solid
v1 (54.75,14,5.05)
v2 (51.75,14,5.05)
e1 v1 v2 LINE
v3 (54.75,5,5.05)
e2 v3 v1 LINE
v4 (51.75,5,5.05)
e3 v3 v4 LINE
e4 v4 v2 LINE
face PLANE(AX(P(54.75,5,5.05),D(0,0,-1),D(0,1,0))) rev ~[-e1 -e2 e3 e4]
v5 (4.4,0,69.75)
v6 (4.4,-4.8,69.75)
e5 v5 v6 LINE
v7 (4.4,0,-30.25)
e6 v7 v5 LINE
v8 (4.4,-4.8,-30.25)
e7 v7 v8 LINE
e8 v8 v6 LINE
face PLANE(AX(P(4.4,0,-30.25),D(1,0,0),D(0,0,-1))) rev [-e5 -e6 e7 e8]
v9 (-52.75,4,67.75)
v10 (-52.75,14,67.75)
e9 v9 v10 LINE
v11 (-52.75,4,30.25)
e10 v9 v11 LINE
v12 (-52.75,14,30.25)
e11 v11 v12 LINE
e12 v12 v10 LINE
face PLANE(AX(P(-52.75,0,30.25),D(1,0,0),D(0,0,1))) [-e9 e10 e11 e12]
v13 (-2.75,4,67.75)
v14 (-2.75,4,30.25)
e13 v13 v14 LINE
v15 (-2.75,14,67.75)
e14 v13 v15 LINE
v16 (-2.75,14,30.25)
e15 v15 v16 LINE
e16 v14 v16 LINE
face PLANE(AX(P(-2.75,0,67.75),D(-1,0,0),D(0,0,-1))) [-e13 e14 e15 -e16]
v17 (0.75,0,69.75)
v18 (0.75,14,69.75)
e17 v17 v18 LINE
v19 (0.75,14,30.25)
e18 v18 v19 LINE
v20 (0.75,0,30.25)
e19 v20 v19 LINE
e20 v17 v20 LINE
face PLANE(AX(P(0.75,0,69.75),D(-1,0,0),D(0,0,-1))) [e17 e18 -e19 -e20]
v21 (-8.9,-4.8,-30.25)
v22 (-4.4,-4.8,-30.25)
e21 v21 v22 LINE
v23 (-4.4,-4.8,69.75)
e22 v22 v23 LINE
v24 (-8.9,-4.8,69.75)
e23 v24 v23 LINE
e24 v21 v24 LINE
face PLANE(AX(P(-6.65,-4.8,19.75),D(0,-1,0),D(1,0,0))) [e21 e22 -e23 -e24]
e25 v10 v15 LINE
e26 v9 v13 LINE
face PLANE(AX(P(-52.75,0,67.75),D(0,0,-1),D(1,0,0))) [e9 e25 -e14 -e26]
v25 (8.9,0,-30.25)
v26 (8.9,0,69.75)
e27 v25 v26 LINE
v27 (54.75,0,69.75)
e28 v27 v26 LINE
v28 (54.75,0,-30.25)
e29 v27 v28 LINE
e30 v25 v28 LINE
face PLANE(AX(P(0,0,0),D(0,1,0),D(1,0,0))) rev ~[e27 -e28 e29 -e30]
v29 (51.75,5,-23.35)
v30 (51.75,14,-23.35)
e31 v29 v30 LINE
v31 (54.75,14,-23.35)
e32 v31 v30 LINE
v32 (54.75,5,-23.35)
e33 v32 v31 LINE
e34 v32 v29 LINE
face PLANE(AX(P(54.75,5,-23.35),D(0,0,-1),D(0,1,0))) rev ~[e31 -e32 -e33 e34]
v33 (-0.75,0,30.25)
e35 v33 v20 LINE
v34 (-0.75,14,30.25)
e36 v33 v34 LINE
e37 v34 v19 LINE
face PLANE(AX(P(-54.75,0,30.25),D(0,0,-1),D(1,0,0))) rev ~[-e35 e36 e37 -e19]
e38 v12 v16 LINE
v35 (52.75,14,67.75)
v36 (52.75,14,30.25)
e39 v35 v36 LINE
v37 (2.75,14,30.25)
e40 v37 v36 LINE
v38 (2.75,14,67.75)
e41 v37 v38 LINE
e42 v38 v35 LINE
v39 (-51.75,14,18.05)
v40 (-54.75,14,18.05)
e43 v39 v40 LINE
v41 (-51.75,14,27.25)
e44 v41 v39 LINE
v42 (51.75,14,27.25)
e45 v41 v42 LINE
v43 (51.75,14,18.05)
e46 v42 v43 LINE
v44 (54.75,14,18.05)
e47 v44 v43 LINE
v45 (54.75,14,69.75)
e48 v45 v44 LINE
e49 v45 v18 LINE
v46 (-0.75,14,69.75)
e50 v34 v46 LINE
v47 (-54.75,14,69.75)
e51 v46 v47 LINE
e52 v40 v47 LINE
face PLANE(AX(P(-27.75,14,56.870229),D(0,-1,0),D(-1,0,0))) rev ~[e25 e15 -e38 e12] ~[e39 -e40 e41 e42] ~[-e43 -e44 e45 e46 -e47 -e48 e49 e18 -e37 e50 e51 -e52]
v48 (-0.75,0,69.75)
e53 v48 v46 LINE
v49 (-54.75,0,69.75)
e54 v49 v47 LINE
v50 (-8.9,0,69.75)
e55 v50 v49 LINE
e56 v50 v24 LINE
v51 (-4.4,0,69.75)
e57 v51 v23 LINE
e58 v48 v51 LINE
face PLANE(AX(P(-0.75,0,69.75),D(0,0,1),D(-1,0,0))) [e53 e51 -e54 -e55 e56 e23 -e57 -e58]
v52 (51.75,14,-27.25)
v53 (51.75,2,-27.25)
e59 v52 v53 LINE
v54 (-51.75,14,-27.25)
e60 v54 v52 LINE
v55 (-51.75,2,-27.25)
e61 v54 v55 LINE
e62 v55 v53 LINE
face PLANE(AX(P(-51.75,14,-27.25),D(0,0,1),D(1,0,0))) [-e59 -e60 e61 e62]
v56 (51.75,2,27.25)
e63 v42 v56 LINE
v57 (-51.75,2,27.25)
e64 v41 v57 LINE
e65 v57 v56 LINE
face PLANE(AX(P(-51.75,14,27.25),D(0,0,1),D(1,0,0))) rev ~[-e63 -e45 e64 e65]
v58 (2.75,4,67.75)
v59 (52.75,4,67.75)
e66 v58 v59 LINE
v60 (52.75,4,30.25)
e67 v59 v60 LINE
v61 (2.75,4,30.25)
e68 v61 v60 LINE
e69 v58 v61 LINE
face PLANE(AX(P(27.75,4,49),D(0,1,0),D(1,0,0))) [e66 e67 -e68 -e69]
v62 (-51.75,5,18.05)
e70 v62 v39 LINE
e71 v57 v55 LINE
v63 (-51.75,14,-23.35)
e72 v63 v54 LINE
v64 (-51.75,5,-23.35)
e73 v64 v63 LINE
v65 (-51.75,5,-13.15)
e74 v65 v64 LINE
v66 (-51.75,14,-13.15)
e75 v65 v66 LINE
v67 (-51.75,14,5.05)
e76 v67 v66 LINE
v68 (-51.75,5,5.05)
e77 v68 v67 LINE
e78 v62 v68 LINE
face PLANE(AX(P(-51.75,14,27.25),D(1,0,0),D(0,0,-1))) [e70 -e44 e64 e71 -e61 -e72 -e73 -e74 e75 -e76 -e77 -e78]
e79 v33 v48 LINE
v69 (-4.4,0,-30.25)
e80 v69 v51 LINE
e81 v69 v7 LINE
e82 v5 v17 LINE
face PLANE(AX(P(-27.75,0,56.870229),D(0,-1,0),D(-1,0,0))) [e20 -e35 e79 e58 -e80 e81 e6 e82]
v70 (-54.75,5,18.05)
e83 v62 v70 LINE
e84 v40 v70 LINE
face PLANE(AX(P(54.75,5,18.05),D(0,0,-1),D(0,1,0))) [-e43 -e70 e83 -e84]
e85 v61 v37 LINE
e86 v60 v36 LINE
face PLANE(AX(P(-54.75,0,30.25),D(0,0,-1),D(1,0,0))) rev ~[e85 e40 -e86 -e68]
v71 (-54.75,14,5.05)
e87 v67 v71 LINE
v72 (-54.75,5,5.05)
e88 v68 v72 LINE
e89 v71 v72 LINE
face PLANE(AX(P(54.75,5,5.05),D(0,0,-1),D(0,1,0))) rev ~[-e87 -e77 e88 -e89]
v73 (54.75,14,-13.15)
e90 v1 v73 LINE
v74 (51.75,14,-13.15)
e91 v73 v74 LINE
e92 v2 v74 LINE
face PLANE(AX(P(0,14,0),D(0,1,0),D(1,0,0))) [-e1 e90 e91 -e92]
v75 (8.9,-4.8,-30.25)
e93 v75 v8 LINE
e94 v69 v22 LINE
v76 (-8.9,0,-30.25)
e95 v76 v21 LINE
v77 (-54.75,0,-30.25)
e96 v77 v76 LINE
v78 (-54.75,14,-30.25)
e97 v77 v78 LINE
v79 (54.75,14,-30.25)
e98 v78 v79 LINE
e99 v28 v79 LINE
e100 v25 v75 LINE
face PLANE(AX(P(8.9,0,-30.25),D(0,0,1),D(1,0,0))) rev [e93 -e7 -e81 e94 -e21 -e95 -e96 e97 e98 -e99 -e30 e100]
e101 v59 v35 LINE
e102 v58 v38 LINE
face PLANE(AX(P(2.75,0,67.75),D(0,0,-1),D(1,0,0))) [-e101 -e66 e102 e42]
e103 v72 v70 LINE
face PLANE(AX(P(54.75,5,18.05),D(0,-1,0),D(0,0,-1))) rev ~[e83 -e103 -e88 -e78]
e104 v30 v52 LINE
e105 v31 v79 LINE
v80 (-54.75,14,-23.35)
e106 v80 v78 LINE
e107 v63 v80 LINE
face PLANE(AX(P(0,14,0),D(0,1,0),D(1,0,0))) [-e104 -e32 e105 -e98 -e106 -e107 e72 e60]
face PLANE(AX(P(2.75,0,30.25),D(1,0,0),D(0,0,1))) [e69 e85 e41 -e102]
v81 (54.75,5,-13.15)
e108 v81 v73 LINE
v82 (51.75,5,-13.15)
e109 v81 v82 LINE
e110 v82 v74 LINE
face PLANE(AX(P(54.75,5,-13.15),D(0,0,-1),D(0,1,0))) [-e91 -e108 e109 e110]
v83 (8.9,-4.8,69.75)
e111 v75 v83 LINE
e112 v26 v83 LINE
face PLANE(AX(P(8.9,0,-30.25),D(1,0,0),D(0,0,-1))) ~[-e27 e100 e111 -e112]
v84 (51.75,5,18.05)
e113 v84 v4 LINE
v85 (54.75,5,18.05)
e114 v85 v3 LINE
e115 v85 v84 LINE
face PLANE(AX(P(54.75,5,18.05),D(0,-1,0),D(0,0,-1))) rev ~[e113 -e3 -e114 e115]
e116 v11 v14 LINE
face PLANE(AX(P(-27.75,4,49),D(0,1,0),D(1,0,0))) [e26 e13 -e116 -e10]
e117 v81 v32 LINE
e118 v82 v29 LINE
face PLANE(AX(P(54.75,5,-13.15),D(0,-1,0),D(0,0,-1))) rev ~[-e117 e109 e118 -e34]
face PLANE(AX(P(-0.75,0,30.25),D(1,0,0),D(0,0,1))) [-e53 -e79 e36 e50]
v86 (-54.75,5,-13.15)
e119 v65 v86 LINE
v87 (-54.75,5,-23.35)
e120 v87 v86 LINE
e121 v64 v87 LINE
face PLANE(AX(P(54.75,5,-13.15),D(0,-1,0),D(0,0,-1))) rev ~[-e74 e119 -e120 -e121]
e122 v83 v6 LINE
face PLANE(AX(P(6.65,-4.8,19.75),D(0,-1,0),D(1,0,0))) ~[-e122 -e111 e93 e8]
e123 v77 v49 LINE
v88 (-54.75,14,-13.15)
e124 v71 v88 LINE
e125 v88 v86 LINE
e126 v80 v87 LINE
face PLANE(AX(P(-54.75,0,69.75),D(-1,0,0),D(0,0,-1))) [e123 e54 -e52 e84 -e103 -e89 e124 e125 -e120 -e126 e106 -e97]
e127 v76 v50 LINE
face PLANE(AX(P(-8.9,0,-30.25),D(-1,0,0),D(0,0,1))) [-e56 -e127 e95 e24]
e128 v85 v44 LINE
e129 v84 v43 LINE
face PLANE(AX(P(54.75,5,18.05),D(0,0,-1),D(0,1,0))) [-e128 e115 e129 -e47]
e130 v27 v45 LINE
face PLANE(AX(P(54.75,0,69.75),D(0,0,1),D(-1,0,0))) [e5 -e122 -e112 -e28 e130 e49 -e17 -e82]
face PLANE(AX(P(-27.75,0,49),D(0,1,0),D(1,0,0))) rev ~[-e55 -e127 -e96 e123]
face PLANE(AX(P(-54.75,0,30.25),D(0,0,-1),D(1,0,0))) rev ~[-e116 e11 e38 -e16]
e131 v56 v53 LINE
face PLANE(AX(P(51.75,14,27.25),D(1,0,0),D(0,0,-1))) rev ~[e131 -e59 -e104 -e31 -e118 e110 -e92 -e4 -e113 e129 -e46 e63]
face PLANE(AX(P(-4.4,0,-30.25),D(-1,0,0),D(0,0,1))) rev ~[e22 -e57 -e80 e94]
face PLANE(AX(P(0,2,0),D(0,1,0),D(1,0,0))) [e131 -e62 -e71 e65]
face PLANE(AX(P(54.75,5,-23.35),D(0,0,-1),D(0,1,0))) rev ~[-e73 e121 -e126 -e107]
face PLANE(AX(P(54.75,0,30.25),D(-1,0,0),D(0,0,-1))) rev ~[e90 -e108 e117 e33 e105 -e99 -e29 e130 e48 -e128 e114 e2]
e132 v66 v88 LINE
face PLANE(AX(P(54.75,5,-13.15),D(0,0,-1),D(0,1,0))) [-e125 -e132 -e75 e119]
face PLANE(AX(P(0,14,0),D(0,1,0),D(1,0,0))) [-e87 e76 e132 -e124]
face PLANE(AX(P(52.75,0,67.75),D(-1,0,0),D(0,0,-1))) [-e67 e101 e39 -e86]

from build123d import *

# Parameters (mm, degrees)
SKETCH1_W           = 109.5
SKETCH1_H           = 60.5
BOSS_EXTRUDE1_DEPTH = 14
SKETCH2_W           = 103.5
SKETCH2_H           = 54.5
CUT_EXTRUDE1_DEPTH  = 12
SKETCH4_W           = 13
SKETCH4_H           = 9
SKETCH4_W_2         = 10.2
CUT_EXTRUDE2_DEPTH  = 115.460964962
SKETCH5_W           = 4.5
SKETCH5_H           = 100
BOSS_EXTRUDE3_DEPTH = 4.8
BOSS_EXTRUDE7_DEPTH = 14
SKETCH9_W           = 50
SKETCH9_H           = 37.5
BOSS_EXTRUDE8_DEPTH = 4


with BuildPart() as part:
    # Sketch1 → Boss-Extrude1 (new body)
    with BuildSketch(Plane(origin=(0, 0, 0), x_dir=(1, 0, 0), z_dir=(0, 1, 0))):
        Rectangle(SKETCH1_W, SKETCH1_H)
    extrude(amount=BOSS_EXTRUDE1_DEPTH)

    # Sketch2 → Cut-Extrude1 (cut)
    with BuildSketch(Plane(origin=(0, 14, 0), x_dir=(1, 0, 0), z_dir=(0, 1, 0))):
        Rectangle(SKETCH2_W, SKETCH2_H)
    extrude(amount=-CUT_EXTRUDE1_DEPTH, mode=Mode.SUBTRACT)

    # Sketch4 → Cut-Extrude2 (cut, through all)
    with BuildSketch(Plane(origin=(54.75, 0, 0), x_dir=(0, 0, -1), z_dir=(1, 0, 0))):
        with Locations((-11.55, 9.5)):
            Rectangle(SKETCH4_W, SKETCH4_H)
        with Locations((18.25, 9.5)):
            Rectangle(SKETCH4_W_2, SKETCH4_H)
    extrude(amount=-CUT_EXTRUDE2_DEPTH, mode=Mode.SUBTRACT)

    # Sketch5 → Boss-Extrude3 (add)
    with BuildSketch(Plane.XZ):
        with Locations((-6.65, 19.75)):
            Rectangle(SKETCH5_W, SKETCH5_H)
    boss_extrude3 = extrude(amount=BOSS_EXTRUDE3_DEPTH)

    # Mirror1: Boss-Extrude3 across plane
    add(boss_extrude3.mirror(Plane(origin=(0, 0, 0), x_dir=(0, 0, 1), z_dir=(1, 0, 0))))

    # Sketch6 → Boss-Extrude7 (add)
    with BuildSketch(Plane(origin=(0, 0, 0), x_dir=(1, 0, 0), z_dir=(0, 1, 0))):
        Polygon((-0.75, -30.25), (-0.75, -69.75), (-54.75, -69.75), (-54.75, -30.25), (-52.75, -30.25), (-52.75, -67.75), (-2.75, -67.75), (-2.75, -30.25), align=None)
        Polygon((54.75, -30.25), (54.75, -69.75), (0.75, -69.75), (0.75, -30.25), (2.75, -30.25), (2.75, -67.75), (52.75, -67.75), (52.75, -30.25), align=None)
    extrude(amount=BOSS_EXTRUDE7_DEPTH)

    # Sketch9 → Boss-Extrude8 (add)
    with BuildSketch(Plane(origin=(0, 0, 0), x_dir=(1, 0, 0), z_dir=(0, 1, 0))):
        with Locations((-27.75, -49)):
            Rectangle(SKETCH9_W, SKETCH9_H)
        with Locations((27.75, -49)):
            Rectangle(SKETCH9_W, SKETCH9_H)
    extrude(amount=BOSS_EXTRUDE8_DEPTH)


solid = part.part
